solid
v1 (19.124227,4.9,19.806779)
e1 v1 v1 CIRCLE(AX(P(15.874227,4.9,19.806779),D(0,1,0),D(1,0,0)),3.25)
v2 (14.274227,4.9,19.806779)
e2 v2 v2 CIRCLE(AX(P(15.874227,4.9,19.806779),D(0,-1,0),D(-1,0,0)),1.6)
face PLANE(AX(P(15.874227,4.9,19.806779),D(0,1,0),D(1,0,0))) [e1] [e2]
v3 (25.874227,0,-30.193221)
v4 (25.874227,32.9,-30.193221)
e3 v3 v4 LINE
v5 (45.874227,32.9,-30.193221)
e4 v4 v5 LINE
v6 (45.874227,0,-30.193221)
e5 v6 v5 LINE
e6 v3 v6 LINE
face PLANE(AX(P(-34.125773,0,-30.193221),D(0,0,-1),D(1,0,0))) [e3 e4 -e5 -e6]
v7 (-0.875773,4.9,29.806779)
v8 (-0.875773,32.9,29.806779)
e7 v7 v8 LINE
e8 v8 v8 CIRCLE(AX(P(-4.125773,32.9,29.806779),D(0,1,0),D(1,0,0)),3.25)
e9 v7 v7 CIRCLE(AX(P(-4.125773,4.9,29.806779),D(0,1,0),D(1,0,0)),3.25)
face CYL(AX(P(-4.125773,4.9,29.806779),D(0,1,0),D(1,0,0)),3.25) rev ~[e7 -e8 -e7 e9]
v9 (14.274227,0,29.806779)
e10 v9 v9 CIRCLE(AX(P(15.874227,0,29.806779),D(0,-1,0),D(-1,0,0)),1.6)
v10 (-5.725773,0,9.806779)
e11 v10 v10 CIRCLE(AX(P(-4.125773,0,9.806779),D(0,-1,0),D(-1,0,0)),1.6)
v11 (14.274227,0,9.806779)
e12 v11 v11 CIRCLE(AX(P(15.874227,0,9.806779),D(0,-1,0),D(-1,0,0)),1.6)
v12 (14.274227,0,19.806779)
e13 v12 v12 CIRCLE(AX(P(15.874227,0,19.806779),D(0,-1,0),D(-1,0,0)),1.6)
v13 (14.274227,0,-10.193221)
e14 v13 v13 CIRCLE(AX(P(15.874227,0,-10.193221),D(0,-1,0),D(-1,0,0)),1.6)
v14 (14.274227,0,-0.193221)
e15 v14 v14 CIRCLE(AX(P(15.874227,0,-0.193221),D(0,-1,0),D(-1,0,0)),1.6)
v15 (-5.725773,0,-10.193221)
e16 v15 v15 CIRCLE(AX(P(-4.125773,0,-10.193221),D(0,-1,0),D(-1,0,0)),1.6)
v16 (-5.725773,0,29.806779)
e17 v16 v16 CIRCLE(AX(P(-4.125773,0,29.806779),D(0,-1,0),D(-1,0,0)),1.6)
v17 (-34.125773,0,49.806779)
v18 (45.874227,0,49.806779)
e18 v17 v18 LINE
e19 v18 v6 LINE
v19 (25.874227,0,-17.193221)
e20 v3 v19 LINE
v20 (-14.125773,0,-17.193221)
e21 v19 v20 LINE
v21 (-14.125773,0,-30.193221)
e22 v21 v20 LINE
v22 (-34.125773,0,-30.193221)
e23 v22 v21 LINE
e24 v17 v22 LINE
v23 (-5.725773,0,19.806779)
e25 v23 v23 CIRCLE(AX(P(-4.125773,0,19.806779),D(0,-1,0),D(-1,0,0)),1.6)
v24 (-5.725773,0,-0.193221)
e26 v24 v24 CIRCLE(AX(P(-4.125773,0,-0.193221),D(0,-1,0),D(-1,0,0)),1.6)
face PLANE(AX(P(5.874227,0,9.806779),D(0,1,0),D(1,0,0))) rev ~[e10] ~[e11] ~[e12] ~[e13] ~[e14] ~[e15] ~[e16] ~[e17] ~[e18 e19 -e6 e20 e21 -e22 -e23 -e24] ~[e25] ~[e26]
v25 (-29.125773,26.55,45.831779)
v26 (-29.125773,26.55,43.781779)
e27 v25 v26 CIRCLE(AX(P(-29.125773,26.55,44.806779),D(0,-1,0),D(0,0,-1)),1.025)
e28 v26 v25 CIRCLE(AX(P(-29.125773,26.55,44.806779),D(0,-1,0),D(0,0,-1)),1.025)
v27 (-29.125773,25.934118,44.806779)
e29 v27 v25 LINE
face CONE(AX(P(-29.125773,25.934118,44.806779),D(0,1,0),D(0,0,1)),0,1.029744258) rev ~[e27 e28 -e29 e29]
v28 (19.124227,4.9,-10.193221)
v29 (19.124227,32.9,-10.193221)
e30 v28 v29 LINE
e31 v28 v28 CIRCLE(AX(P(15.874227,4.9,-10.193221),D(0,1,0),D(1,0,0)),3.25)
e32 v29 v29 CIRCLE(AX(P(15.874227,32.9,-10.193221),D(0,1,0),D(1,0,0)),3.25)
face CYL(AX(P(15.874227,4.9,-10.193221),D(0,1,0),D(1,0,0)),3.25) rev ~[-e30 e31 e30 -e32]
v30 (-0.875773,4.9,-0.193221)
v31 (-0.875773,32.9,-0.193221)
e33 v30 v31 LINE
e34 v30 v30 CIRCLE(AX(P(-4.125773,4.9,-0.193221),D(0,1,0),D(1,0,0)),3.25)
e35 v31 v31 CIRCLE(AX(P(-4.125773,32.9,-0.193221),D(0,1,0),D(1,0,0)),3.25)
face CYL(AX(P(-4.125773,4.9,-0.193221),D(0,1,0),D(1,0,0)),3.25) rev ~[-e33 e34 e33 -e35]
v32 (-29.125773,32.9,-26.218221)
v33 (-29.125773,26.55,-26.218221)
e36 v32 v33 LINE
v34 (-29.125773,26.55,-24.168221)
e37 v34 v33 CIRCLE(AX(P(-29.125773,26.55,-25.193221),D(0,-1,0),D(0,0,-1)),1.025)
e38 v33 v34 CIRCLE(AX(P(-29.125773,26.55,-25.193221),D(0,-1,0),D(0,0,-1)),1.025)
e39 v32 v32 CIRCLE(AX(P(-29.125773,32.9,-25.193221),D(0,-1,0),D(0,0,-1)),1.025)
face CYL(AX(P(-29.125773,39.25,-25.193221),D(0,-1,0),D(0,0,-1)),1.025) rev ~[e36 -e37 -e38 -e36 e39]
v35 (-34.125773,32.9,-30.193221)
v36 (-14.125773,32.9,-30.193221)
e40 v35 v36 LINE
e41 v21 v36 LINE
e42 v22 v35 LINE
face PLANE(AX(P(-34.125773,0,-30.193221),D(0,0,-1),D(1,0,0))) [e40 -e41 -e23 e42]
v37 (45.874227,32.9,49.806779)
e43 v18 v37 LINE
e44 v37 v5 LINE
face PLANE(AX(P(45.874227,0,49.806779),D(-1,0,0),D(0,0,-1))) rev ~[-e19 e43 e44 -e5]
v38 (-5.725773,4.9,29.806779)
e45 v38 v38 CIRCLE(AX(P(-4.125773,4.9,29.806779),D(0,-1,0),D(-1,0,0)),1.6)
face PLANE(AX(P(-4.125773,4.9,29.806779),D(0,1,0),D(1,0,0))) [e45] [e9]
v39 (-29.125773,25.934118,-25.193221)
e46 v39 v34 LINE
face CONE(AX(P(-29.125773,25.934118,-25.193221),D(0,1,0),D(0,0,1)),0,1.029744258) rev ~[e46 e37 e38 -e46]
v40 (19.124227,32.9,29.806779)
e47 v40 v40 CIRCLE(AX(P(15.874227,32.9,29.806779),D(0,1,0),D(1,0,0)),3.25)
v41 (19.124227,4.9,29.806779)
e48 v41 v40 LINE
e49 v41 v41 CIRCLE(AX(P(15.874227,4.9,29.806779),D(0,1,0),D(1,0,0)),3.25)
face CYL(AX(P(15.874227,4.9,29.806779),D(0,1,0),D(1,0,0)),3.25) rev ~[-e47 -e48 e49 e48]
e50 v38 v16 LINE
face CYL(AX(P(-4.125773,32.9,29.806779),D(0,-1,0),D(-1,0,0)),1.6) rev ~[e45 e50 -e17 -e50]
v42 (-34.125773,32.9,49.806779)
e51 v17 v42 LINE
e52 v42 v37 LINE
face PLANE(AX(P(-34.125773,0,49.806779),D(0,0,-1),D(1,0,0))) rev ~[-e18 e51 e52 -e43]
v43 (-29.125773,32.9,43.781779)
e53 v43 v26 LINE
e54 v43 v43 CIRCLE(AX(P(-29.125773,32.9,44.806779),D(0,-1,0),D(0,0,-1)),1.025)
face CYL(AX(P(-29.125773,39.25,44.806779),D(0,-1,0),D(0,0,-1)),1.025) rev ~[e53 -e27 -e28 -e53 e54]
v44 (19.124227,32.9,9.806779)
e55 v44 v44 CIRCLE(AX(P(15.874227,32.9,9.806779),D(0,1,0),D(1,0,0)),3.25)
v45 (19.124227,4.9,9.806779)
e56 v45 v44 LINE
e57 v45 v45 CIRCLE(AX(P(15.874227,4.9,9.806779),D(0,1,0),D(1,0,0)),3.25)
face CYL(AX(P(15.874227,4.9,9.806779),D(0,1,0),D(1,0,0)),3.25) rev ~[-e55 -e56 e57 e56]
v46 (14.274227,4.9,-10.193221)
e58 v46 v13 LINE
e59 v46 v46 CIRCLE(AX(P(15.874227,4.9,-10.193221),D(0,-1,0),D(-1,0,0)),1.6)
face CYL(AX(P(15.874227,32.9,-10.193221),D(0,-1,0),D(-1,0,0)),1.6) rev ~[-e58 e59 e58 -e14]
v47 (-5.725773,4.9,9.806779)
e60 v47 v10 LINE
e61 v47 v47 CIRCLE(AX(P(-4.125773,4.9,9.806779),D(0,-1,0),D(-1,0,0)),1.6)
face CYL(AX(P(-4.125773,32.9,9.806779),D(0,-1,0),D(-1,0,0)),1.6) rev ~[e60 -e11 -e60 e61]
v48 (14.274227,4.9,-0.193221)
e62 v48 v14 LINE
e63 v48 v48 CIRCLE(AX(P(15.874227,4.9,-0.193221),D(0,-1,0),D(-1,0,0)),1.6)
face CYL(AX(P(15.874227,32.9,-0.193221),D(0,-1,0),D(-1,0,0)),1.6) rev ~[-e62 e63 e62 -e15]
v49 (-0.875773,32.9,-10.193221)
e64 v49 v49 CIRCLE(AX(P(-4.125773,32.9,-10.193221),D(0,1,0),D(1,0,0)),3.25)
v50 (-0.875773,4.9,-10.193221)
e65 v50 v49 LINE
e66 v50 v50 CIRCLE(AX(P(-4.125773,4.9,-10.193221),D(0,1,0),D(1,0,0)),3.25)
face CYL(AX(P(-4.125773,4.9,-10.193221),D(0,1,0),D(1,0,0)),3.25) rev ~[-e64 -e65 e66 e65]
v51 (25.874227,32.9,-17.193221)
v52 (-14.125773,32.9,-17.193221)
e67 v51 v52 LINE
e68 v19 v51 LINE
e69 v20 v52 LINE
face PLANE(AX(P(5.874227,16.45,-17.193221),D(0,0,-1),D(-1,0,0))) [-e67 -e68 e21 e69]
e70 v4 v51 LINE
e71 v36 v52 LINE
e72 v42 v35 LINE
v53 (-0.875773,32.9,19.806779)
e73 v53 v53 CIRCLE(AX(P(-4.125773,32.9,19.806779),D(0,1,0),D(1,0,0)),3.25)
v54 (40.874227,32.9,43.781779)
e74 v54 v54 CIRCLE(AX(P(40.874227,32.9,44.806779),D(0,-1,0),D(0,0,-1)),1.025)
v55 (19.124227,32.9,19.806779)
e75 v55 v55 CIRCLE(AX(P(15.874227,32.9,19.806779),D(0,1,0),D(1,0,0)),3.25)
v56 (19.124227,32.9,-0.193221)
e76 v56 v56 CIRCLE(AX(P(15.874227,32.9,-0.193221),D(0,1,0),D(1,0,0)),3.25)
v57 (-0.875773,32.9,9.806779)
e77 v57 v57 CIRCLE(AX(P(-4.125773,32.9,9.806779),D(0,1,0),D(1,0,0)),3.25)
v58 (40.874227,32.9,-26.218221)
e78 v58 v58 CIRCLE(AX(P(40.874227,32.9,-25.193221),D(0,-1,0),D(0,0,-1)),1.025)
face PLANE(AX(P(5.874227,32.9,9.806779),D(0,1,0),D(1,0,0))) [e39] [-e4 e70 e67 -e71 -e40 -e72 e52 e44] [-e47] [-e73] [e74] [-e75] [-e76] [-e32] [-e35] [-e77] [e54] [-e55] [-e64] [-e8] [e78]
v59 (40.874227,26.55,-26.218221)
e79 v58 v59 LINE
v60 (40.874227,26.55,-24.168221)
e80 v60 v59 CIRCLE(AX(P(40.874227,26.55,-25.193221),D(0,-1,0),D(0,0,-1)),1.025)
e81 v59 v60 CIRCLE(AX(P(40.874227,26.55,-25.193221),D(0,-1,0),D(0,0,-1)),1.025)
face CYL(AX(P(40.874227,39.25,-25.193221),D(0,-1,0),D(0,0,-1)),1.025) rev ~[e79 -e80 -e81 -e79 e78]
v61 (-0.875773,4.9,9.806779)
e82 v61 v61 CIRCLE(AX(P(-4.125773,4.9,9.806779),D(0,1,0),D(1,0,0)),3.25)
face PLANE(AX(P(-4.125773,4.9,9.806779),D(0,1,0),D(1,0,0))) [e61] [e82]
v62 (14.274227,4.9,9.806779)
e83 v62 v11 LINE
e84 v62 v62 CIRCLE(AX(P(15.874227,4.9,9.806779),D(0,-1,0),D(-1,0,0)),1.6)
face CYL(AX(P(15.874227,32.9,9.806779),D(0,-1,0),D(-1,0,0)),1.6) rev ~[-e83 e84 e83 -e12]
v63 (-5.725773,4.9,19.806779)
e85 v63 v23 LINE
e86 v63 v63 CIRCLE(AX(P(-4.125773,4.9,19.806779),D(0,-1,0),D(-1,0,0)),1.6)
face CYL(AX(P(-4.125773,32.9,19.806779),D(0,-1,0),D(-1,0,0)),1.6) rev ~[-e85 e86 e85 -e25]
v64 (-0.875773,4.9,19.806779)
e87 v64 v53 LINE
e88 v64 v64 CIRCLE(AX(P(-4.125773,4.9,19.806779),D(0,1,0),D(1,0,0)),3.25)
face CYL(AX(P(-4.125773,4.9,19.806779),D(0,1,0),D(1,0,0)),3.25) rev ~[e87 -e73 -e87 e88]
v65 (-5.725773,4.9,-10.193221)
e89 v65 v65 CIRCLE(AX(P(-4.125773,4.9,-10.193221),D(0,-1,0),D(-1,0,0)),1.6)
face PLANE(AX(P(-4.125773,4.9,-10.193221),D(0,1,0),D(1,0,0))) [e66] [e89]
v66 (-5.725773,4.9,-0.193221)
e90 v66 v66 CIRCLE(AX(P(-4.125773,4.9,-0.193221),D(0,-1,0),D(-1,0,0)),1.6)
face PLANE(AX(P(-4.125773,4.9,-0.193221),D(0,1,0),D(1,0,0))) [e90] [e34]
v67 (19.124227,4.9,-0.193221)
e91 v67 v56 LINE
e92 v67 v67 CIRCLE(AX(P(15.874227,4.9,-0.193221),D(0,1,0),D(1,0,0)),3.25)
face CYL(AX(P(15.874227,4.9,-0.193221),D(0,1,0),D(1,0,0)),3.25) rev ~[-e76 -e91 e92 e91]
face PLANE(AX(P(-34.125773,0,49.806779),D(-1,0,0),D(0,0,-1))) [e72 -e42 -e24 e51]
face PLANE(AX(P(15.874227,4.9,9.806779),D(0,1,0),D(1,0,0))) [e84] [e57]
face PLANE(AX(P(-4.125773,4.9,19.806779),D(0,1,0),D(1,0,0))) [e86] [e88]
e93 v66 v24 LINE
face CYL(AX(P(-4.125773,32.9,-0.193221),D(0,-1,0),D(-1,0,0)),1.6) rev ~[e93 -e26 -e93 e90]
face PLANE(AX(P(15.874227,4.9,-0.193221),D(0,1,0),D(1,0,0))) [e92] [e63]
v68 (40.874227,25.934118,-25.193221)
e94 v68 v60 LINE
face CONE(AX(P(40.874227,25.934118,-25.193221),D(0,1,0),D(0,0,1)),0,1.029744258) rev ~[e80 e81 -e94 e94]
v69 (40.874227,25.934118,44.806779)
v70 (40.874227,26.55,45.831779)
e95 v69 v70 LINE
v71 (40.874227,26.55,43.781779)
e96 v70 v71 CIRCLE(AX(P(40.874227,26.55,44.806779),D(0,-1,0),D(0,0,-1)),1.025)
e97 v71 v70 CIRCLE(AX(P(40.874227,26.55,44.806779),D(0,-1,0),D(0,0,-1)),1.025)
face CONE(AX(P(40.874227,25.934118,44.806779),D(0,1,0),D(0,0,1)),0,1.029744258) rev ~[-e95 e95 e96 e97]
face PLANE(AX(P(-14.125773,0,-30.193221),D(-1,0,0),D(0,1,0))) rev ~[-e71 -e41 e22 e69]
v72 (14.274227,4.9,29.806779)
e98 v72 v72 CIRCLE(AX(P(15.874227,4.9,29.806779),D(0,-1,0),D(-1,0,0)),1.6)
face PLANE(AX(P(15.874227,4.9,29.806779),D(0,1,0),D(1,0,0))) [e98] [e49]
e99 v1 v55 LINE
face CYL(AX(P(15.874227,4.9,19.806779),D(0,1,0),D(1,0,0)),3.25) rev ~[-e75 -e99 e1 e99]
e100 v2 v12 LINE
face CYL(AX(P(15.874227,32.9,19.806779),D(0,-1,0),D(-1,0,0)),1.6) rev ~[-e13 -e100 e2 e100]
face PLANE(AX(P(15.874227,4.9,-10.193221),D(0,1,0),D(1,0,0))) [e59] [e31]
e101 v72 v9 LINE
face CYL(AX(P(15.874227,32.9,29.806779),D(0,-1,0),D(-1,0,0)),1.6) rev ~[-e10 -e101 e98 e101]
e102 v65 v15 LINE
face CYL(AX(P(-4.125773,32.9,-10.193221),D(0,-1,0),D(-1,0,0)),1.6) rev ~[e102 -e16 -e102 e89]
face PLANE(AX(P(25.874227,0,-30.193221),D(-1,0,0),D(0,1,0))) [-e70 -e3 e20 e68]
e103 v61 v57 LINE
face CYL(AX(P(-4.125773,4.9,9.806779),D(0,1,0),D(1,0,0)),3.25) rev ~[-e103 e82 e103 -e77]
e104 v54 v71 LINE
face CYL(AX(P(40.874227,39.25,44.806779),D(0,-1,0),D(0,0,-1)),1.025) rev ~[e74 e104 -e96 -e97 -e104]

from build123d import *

# Parameters (mm, degrees)
SKETCH1_W                      = 80
SKETCH1_H                      = 80
BOSS_EXTRUDE1_DEPTH            = 32.9
M2_5X0_45_TAPPED_HOLE1_D       = 2.05
M2_5X0_45_TAPPED_HOLE1_DEPTH   = 6.35
M2_5X0_45_TAPPED_HOLE1_TIP     = 0.615882135
CBORE_FOR_M3_SHCS1_D           = 3.2
CBORE_FOR_M3_SHCS1_CBORE_D     = 6.5
CBORE_FOR_M3_SHCS1_CBORE_DEPTH = 28
SKETCH25_W                     = 40
SKETCH25_H                     = 32.9
CUT_EXTRUDE2_DEPTH             = 13


with BuildPart() as part:
    # Sketch1 → Boss-Extrude1 (new body)
    with BuildSketch(Plane(origin=(0, 0, 0), x_dir=(1, 0, 0), z_dir=(0, 1, 0))):
        with Locations((5.874226931, -9.806779272)):
            Rectangle(SKETCH1_W, SKETCH1_H)
    extrude(amount=BOSS_EXTRUDE1_DEPTH)

    # M2.5x0.45 Tapped Hole1
    with Locations(Plane(origin=(-29.125773069, 32.9, -25.193220728), x_dir=(0, 0, 1), z_dir=(0, 1, 0))):
        with Locations((0, 0), (0, 70), (70, 70), (70, 0)):
            Hole(M2_5X0_45_TAPPED_HOLE1_D / 2, depth=M2_5X0_45_TAPPED_HOLE1_DEPTH)
            with Locations((0, 0, -(M2_5X0_45_TAPPED_HOLE1_DEPTH + M2_5X0_45_TAPPED_HOLE1_TIP / 2))):  # 118° drill point
                Cone(0, M2_5X0_45_TAPPED_HOLE1_D / 2, M2_5X0_45_TAPPED_HOLE1_TIP, mode=Mode.SUBTRACT)

    # CBORE for M3 SHCS1 (through all)
    with Locations(Plane(origin=(0, 32.9, 0), x_dir=(1, 0, 0), z_dir=(0, 1, 0))):
        with Locations((15.874226931, -29.806779272), (-4.125773069, -29.806779272), (-4.125773069, -19.806779272), (-4.125773069, -9.806779272), (-4.125773069, 0.193220728), (-4.125773069, 10.193220728), (15.874226931, -19.806779272), (15.874226931, -9.806779272), (15.874226931, 0.193220728), (15.874226931, 10.193220728)):
            CounterBoreHole(CBORE_FOR_M3_SHCS1_D / 2, CBORE_FOR_M3_SHCS1_CBORE_D / 2, CBORE_FOR_M3_SHCS1_CBORE_DEPTH)

    # Sketch25 → Cut-Extrude2 (cut)
    with BuildSketch(Plane(origin=(0, 0, -30.193220728), x_dir=(-1, 0, 0), z_dir=(0, 0, -1))):
        with Locations((-5.874226931, 16.45)):
            Rectangle(SKETCH25_W, SKETCH25_H)
    extrude(amount=-CUT_EXTRUDE2_DEPTH, mode=Mode.SUBTRACT)


solid = part.part
